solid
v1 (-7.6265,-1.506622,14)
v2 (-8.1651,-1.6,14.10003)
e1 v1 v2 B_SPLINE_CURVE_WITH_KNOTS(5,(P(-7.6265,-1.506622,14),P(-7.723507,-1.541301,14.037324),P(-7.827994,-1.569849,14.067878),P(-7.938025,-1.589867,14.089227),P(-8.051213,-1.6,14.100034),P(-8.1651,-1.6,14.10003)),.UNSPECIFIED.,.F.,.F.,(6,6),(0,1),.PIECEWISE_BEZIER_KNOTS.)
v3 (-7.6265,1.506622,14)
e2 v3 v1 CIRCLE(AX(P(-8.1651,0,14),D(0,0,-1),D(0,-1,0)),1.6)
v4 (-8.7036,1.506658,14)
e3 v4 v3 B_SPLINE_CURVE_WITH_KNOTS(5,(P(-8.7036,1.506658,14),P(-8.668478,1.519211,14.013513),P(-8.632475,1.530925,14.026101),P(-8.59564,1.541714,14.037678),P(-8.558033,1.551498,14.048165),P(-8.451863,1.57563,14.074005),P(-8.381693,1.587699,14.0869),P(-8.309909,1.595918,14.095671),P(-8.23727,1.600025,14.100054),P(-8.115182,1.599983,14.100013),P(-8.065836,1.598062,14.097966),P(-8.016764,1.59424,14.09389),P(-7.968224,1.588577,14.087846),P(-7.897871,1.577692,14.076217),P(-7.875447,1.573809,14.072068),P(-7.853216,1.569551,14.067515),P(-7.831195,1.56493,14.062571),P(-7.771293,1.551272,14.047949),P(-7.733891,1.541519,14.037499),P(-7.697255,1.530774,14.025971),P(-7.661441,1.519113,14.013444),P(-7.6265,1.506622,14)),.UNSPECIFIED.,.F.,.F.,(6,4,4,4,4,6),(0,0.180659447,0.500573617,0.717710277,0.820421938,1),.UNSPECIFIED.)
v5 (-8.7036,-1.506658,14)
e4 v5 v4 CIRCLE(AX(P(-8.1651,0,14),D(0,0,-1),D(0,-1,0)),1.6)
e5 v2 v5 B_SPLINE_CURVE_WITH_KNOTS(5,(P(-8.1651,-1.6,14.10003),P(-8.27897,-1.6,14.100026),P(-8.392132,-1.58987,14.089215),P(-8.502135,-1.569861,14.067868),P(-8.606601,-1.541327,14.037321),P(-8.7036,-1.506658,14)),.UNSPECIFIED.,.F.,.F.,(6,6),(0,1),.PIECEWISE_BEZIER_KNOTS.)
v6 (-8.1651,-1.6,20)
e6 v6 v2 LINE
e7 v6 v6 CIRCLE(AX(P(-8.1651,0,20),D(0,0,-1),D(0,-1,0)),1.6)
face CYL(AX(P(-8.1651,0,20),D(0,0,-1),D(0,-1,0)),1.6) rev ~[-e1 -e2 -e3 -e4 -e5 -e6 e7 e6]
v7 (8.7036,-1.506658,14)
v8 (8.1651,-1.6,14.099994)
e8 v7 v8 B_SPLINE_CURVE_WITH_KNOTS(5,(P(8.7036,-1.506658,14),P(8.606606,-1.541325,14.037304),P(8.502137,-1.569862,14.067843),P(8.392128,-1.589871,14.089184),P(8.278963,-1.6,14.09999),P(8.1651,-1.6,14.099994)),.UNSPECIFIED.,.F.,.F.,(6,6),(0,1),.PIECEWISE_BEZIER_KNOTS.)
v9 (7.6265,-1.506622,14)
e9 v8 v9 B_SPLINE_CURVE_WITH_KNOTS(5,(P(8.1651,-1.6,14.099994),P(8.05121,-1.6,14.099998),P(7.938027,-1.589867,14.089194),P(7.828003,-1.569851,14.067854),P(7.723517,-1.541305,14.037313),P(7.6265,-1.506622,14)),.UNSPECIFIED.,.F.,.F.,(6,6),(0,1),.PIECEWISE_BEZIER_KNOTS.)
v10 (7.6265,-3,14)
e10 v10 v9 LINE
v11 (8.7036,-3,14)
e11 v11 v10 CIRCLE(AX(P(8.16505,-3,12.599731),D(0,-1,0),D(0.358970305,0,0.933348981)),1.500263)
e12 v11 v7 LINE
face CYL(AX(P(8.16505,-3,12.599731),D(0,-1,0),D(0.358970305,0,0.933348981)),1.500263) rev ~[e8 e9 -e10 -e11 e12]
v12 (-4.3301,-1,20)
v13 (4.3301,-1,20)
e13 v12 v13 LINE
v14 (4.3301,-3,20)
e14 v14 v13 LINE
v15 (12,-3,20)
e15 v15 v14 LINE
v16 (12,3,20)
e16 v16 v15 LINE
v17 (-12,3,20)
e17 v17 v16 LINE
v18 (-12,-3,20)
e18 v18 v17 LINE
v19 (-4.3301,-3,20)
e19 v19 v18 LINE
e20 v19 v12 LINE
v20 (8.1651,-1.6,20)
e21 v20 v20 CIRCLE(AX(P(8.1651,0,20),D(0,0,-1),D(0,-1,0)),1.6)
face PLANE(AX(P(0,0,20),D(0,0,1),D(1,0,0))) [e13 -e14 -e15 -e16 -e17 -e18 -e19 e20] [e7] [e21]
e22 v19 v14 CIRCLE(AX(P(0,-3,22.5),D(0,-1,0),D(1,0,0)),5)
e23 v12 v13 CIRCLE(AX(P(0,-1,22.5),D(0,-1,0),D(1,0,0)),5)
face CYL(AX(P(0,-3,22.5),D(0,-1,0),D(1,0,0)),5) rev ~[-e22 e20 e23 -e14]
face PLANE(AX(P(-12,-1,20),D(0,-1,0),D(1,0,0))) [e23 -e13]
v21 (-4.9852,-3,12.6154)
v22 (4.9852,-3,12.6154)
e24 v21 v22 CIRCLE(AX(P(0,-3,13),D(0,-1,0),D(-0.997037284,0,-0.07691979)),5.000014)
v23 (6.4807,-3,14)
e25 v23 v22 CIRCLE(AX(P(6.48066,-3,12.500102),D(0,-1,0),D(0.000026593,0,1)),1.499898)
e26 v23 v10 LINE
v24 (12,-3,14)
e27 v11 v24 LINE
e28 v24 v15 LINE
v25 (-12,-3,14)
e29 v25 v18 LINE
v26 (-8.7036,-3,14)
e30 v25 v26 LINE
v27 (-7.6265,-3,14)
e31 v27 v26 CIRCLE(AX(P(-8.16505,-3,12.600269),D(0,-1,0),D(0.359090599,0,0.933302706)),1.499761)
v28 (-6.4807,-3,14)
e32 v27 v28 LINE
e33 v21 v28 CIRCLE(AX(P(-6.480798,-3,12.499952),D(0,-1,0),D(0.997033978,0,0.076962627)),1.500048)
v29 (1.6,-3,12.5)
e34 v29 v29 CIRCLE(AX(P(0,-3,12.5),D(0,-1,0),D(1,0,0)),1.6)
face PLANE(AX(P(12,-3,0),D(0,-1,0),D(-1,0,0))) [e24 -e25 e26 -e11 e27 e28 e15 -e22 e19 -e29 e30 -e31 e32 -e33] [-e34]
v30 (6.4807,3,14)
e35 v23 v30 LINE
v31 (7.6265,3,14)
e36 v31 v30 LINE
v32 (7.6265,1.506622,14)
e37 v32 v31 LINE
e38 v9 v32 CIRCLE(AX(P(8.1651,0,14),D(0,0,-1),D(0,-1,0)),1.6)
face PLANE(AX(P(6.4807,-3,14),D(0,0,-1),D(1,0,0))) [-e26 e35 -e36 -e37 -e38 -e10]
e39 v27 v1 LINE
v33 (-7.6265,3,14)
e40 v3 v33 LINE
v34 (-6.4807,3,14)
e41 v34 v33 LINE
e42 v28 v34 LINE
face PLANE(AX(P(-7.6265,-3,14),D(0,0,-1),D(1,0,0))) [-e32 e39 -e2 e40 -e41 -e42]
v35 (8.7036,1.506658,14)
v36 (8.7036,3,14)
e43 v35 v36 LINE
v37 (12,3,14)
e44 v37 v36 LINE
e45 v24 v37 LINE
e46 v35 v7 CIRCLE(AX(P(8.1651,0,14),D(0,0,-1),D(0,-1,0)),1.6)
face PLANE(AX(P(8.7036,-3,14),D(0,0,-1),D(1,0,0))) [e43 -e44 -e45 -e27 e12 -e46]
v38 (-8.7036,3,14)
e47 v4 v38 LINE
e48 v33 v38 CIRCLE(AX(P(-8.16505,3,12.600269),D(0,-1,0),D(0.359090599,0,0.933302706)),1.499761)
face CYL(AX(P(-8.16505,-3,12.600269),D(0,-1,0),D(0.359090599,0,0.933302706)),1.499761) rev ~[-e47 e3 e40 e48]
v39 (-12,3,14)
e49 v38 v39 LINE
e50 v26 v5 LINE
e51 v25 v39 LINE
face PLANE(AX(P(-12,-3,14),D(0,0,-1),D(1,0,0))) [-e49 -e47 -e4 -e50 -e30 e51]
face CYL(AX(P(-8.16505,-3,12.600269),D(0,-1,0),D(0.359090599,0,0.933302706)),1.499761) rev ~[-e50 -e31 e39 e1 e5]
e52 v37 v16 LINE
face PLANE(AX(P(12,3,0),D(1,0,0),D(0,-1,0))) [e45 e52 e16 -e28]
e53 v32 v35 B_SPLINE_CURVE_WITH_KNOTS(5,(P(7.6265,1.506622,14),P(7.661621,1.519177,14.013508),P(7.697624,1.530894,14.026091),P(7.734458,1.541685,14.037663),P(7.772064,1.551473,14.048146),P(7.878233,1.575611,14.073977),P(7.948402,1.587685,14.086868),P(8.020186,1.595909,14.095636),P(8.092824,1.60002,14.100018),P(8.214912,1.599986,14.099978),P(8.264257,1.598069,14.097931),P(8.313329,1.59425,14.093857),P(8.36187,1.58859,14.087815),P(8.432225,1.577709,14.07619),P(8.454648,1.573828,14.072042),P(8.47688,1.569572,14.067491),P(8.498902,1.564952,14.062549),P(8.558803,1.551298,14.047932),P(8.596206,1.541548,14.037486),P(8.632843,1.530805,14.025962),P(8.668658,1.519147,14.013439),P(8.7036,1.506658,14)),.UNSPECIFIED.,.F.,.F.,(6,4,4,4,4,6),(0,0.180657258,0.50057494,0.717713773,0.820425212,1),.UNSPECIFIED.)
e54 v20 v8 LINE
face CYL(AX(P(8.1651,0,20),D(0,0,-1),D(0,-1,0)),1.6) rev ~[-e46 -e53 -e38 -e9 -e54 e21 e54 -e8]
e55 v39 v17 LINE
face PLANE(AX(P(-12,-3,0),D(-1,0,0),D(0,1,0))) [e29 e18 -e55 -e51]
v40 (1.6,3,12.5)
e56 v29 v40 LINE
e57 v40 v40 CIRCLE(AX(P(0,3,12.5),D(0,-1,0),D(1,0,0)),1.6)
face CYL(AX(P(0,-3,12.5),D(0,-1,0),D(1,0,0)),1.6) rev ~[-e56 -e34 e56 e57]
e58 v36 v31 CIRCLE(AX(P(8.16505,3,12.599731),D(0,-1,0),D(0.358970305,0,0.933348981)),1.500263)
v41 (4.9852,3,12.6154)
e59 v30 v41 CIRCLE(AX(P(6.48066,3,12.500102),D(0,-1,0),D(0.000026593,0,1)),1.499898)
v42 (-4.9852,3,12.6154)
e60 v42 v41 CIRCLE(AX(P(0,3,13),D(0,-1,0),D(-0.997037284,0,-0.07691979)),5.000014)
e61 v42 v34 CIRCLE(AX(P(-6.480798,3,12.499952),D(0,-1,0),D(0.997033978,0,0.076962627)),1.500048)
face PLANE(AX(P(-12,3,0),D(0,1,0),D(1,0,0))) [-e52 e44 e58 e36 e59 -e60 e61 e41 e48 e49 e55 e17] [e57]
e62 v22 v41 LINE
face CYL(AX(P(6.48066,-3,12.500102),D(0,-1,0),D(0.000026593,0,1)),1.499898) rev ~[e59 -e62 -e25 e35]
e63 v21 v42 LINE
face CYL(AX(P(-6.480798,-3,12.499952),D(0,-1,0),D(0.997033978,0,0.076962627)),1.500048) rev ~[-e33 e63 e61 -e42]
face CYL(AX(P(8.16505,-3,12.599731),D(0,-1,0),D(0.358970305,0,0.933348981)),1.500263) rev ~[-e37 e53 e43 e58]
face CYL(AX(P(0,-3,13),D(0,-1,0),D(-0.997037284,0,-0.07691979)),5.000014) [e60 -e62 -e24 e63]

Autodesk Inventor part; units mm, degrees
ref_plane "YZ Plane" through (0, 0, 0) normal (1, 0, 0) x (0, 1, 0)
ref_plane "XZ Plane" through (0, 0, 0) normal (0, 1, 0) x (-1, 0, 0)
ref_plane "XY Plane" through (0, 0, 0) normal (0, 0, 1) x (1, 0, 0)
sketch "スケッチ1" plane through (0, 0, 0) normal (0, 0, 1) x (1, 0, 0)
  line L0 (12, -3) -> (-12, -3)
  line L1 (-12, -3) -> (-12, 3)
  line L2 (-12, 3) -> (12, 3)
  line L3 (12, 3) -> (12, -3)
  line L4 (12, -3) -> (-12, 3) construction
  line L5 (-12, -3) -> (12, 3) construction
  point P0 (0, 0)
  dimension "d0" = 24
  dimension "d1" = 6
extrude "押し出し1" add sketch "スケッチ1" along normal blind 20
sketch "スケッチ2" plane through (-12, -3, 0) normal (0, -1, 0) x (1, 0, 0)
  line L0 (23.1845, 35.5) -> (0.8155, 35.5) projected
  arc A0 (0.8155, 35.5) -> (-4.2691, 17.077) centre (12, 22.5) ccw projected
  arc A1 (-4.2691, 17.077) -> (0, 14) centre (0, 18.5) ccw projected
  line L1 (0, 14) -> (0, 17) projected
  arc A2 (0, 20) -> (0, 17) centre (0, 18.5) ccw projected
  line L2 (0, 20) -> (3.2964, 20) projected
  arc A3 (4.3735, 20) -> (3.2964, 20) centre (3.8349, 18.6) ccw projected
  line L3 (4.3735, 20) -> (7.6699, 20) projected
  arc A4 (16.3301, 20) -> (7.6699, 20) centre (12, 22.5) ccw projected
  line L4 (16.3301, 20) -> (19.6265, 20) projected
  arc A5 (20.7036, 20) -> (19.6265, 20) centre (20.1651, 18.6) ccw projected
  line L5 (20.7036, 20) -> (24, 20) projected
  arc A6 (24, 17) -> (24, 20) centre (24, 18.5) ccw projected
  line L6 (24, 17) -> (24, 14) projected
  arc A7 (24, 14) -> (28.2691, 17.077) centre (24, 18.5) ccw projected
  arc A8 (28.2691, 17.077) -> (23.1845, 35.5) centre (12, 22.5) ccw projected
  circle A9 centre (25, 24.5) radius 1.6 projected
  circle A10 centre (12, 32.5) radius 1.6 projected
  circle A11 centre (-1, 24.5) radius 1.6 projected
  line L7 (24, 0) -> (0, 0) projected
  line L8 (24, 0) -> (24, 14)
  line L9 (0, 20) -> (24, 20) projected
  circle A12 centre (12, 12.5) radius 1.6
  arc A13 (7.0148, 12.6154) -> (16.9852, 12.6154) centre (12, 13) ccw
  line L10 (3.8349, 18.6) -> (3.8349, 14) construction
  line L11 (20.1651, 18.6) -> (20.1651, 14) construction
  line L12 (0, 14) -> (5.5193, 14)
  line L13 (18.4807, 14) -> (24, 14)
  arc A14 (4.3735, 14) -> (3.2964, 14) centre (3.8349, 12.6) ccw
  arc A15 (20.7036, 14) -> (19.6265, 14) centre (20.1651, 12.6) ccw
  line L14 (5.3349, 18.6) -> (5.3349, 14) construction
  line L15 (18.6651, 18.6) -> (18.6651, 14) construction
  arc A16 (7.0148, 12.6154) -> (5.5193, 14) centre (5.5193, 12.5) ccw
  arc A17 (18.4807, 14) -> (16.9852, 12.6154) centre (18.4807, 12.5) ccw
  line L16 (0, 0) -> (0, 14)
  point P0 (12, 0)
  point P1 (7.101, 14)
  point P2 (16.899, 14)
  point P3 (12, 8)
  dimension "d5" = 3.2
  dimension "d6" = 10
  dimension "d7" = 4.5
  dimension "d8" = 5
  dimension "d11" = 3
  dimension "d12" = 3
  dimension "d13" = 1.4
  dimension "d14" = 1.5
  dimension "d15" = 1.5
  dimension "d16" = 1.5
extrude "押し出し2" cut sketch "スケッチ2" against normal through all contours L8 L7 L16 L12 A16 A13 A17 L13 | L13 A15 | A14 L12 | A12
sketch "スケッチ3" plane through (-12, -3, 20) normal (0, -1, 0) x (1, 0, 0)
  arc A0 (16.3301, 0) -> (7.6699, 0) centre (12, 2.5) ccw projected
  circle A1 centre (12, 2.5) radius 5
  point P0 (12, -20)
  dimension "d19" = 10
extrude "押し出し3" cut sketch "スケッチ3" against normal blind 2
sketch "スケッチ4" plane through (0, 0, 20) normal (0, 0, 1) x (1, 0, 0)
  circle A0 centre (8.1651, 0) radius 1.2295 projected
  circle A1 centre (-8.1651, 0) radius 1.2295 projected
  line L0 (-11.1845, 3) -> (11.1845, 3) projected
  line L1 (-11.1845, -3) -> (-11.1845, 3) projected
  line L2 (11.1845, -3) -> (-11.1845, -3) projected
  line L3 (11.1845, 3) -> (11.1845, -3) projected
  point P0 (0, 0)
hole "穴1" at (-8.1651, 0, 20) at (8.1651, 0, 20) direction (0, 0, -1) diameter 3.2 end through all
properties part number "DfixPit"
